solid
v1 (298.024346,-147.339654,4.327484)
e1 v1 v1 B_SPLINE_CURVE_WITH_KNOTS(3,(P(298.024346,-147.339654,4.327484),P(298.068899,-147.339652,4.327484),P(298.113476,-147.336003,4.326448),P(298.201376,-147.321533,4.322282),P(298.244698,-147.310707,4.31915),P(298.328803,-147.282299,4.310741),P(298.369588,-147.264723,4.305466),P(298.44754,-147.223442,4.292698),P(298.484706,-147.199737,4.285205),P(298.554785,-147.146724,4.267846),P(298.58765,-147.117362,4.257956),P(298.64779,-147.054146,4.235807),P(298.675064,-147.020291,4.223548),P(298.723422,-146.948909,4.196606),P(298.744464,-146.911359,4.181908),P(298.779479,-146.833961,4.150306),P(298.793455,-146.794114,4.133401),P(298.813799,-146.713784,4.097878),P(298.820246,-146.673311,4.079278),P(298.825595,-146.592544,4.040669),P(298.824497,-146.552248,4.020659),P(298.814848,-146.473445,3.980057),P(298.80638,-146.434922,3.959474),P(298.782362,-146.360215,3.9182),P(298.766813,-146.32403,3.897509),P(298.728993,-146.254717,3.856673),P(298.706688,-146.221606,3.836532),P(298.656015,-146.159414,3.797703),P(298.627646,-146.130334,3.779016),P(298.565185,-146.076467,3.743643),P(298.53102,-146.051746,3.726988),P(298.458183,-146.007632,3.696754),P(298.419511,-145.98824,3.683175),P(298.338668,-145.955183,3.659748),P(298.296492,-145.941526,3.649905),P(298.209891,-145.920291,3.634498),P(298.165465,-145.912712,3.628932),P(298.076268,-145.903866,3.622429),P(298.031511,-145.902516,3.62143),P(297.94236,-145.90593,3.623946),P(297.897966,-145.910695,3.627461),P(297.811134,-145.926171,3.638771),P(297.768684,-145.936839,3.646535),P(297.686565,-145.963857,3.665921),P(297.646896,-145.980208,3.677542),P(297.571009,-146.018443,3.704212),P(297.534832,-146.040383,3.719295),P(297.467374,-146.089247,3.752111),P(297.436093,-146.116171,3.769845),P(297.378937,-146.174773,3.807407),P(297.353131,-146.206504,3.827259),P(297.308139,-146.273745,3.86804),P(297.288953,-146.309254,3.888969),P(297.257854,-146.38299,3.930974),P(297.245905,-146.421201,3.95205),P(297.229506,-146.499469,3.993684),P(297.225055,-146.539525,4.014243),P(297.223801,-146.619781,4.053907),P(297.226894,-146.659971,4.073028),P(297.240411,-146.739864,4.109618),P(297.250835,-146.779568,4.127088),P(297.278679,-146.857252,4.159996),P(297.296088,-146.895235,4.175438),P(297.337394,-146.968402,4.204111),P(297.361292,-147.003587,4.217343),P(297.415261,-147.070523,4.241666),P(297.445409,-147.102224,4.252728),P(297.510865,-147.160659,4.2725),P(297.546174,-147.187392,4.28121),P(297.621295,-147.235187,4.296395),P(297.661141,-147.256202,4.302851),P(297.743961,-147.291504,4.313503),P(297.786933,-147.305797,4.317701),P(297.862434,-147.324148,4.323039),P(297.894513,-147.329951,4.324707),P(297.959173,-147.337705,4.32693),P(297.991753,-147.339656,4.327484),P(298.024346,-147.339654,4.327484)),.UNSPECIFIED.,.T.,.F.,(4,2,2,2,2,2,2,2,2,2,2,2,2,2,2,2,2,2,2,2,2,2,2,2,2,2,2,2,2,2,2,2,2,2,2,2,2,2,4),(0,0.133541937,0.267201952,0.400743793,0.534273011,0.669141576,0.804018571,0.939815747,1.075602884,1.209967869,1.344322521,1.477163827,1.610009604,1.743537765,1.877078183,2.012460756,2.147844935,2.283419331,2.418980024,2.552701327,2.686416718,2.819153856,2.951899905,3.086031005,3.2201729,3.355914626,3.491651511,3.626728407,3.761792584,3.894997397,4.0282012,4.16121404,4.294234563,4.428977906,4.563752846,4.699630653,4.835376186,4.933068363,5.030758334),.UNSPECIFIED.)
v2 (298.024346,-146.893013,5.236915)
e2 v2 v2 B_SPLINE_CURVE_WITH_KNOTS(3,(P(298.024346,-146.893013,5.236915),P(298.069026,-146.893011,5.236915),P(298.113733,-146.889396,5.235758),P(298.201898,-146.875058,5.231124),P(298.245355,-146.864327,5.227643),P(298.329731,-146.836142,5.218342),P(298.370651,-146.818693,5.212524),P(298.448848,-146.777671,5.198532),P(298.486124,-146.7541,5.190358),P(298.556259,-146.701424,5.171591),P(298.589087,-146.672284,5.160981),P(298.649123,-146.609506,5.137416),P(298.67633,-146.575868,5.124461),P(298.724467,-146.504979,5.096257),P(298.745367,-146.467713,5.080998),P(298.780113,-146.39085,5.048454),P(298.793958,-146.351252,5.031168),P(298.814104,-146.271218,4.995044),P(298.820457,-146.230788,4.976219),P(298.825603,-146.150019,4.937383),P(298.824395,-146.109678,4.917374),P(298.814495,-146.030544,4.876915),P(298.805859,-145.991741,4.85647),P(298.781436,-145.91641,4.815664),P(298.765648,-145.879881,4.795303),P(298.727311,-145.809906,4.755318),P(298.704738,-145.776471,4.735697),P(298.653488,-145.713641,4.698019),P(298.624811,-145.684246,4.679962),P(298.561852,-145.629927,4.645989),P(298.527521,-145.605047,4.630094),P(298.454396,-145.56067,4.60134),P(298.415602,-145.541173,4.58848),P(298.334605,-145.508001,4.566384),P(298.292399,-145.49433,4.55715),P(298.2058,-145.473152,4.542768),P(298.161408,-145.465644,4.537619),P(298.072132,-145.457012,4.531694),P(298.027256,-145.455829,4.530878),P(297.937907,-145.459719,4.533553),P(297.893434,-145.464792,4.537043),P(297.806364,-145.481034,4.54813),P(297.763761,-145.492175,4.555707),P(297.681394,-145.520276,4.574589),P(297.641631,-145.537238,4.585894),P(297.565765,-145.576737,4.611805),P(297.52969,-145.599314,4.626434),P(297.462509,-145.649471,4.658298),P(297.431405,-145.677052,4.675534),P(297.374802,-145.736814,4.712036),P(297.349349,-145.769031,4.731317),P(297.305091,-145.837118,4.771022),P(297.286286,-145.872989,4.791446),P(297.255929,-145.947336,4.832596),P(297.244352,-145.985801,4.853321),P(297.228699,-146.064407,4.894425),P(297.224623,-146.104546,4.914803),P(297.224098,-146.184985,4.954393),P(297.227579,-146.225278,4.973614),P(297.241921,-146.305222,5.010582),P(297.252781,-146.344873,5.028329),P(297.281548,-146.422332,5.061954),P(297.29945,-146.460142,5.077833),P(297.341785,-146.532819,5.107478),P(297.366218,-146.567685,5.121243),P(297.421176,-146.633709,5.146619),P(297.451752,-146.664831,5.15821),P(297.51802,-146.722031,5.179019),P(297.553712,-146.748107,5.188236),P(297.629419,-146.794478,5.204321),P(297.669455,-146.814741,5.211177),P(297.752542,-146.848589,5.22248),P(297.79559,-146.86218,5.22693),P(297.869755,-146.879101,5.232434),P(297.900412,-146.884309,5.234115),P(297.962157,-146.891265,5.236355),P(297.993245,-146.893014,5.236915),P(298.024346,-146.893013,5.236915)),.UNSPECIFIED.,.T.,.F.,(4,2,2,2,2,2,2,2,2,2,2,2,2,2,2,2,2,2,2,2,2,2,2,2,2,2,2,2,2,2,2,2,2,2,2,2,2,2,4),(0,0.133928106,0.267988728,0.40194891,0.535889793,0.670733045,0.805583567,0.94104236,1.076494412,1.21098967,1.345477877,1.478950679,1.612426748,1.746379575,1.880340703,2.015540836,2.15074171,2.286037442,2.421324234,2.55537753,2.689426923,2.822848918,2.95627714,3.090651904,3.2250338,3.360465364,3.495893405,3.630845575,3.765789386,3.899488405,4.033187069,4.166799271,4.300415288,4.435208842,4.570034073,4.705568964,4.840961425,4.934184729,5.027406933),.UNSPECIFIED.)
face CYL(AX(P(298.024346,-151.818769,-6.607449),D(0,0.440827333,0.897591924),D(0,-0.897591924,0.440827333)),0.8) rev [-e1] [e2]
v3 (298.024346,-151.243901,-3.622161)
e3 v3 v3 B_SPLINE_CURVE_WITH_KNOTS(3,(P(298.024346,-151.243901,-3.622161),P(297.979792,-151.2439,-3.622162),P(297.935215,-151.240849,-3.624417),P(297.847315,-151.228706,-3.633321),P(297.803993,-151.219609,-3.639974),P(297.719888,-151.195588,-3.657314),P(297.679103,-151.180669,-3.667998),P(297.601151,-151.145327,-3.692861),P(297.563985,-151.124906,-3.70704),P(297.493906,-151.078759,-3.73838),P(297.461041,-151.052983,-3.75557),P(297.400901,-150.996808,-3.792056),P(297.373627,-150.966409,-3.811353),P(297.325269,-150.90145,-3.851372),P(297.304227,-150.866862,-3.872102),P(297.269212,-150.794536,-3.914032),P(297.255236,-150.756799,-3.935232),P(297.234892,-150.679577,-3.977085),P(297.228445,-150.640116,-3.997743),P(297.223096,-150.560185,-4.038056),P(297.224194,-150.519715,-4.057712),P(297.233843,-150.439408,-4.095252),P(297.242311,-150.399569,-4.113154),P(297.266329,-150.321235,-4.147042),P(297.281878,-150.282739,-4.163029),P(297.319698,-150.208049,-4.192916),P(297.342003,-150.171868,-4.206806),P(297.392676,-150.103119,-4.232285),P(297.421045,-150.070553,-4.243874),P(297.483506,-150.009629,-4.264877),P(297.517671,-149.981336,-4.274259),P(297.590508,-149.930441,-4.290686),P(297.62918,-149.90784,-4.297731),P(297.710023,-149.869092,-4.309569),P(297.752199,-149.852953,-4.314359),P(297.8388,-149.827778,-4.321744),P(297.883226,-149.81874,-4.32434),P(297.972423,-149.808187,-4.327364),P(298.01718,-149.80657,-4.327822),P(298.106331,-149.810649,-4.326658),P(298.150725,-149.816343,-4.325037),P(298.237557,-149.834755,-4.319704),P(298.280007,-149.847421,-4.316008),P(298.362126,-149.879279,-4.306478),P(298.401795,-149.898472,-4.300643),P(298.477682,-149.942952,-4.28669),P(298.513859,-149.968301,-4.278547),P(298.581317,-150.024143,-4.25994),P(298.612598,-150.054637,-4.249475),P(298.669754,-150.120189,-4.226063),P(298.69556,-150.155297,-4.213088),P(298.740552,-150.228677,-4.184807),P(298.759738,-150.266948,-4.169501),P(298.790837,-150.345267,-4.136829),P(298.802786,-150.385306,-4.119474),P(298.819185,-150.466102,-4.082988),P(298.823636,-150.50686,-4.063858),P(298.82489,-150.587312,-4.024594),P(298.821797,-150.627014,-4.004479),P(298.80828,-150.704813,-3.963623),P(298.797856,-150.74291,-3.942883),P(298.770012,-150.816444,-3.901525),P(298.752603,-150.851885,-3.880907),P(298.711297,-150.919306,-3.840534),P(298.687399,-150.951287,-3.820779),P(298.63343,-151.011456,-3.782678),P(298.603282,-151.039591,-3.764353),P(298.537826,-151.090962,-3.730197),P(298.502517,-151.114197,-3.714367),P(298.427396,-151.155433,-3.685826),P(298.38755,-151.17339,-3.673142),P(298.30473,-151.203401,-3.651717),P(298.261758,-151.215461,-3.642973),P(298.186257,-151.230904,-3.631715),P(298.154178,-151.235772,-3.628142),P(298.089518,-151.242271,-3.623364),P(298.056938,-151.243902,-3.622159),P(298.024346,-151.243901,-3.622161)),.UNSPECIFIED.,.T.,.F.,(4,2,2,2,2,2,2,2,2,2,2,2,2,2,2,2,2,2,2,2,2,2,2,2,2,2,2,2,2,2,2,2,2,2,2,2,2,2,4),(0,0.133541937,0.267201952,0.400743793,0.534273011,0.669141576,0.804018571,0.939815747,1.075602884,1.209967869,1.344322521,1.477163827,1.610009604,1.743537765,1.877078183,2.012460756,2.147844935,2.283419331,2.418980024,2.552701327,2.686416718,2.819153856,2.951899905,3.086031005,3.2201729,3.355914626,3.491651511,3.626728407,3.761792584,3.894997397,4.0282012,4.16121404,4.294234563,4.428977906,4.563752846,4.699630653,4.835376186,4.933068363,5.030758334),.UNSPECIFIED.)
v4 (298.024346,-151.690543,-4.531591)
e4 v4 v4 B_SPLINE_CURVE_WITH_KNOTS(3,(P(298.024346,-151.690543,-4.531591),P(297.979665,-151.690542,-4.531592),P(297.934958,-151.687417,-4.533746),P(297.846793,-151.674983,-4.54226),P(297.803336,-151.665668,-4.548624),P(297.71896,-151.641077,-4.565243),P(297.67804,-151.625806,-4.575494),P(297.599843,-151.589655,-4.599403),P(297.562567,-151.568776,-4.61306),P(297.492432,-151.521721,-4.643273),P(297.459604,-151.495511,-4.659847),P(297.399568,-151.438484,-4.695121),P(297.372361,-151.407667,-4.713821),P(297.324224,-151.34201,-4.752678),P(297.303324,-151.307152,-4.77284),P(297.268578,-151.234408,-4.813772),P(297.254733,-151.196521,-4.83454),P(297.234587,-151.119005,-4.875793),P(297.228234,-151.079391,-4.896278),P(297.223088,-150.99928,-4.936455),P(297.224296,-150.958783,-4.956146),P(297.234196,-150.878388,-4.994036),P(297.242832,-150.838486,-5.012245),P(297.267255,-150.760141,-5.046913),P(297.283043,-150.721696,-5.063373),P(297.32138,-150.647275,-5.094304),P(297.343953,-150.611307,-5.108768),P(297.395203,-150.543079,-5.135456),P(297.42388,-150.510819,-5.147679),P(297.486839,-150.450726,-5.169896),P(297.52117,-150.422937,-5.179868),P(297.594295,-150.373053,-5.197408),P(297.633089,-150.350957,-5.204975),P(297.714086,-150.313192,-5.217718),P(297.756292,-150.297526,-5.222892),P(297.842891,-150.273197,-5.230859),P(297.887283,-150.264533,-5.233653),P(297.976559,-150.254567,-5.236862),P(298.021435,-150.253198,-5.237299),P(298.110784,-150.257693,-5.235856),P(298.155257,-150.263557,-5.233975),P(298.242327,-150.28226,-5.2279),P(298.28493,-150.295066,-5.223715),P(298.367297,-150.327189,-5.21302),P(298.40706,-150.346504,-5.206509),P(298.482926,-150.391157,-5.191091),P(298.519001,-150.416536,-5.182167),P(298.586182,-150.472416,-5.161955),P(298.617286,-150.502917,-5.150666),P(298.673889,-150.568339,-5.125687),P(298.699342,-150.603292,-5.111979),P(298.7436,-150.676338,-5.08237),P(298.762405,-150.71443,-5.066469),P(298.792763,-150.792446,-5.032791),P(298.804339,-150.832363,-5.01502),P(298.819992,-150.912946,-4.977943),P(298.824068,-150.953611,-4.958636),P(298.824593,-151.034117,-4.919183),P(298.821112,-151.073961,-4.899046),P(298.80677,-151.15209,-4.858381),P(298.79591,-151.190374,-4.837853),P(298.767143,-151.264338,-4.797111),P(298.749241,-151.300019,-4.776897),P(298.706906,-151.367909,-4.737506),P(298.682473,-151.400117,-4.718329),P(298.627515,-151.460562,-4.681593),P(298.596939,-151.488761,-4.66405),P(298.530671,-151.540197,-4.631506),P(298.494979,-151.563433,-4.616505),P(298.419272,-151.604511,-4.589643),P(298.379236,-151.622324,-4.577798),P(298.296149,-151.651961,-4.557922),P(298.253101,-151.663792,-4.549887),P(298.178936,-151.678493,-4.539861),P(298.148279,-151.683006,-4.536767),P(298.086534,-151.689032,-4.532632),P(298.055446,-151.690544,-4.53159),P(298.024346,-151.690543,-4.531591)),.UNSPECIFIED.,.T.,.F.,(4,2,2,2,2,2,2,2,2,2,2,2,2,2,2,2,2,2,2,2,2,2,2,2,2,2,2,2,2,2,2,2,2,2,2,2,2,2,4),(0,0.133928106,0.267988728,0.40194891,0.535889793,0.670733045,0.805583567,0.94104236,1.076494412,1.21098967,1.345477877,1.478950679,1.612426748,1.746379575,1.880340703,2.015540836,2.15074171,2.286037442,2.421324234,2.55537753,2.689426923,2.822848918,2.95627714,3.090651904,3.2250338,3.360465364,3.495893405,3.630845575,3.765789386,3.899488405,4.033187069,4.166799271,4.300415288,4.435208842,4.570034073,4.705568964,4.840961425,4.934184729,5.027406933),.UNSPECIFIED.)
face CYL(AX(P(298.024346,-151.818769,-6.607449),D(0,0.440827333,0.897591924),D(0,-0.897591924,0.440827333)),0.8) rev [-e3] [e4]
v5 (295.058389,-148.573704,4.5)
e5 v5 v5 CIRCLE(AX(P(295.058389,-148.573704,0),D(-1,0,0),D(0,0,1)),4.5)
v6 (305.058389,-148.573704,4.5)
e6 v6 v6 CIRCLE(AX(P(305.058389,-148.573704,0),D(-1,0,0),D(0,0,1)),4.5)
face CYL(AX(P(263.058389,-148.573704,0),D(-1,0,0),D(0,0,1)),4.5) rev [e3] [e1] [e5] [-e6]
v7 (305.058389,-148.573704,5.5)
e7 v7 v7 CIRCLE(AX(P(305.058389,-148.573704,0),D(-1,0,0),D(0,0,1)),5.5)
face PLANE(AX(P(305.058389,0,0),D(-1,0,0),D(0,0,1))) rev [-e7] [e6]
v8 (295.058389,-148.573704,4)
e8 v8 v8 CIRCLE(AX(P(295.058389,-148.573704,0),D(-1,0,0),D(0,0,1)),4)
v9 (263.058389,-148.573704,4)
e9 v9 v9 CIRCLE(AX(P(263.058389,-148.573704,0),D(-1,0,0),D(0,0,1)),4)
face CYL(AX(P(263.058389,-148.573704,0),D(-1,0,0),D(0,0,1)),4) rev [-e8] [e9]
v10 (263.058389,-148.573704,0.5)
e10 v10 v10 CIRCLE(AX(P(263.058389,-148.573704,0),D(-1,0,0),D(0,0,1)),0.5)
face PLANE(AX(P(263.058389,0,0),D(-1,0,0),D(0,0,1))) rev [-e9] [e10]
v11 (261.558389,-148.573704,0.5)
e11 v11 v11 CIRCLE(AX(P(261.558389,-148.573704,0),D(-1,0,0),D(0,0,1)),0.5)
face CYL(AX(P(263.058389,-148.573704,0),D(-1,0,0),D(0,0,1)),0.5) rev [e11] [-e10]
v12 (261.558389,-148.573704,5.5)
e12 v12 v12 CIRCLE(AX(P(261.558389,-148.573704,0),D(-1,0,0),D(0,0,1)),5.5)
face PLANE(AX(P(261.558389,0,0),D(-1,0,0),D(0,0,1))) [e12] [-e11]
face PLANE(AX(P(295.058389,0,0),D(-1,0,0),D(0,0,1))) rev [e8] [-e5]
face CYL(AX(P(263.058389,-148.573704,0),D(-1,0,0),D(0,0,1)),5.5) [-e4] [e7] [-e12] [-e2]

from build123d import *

# Parameters (mm, degrees)
SKETCH4_R          = 0.8
CUT_EXTRUDE1_DEPTH = 336.963729195


with BuildPart() as part:
    # Sketch3 → Revolve19 (revolve)
    with BuildSketch(Plane.XY):
        Polygon((295.058388758, -144.573704322), (295.058388758, -144.073704322), (305.058388758, -144.073704322), (305.058388758, -143.073704322), (261.558388758, -143.073704322), (261.558388758, -144.323704322), (261.558388758, -148.073704322), (263.058388758, -148.073704322), (263.058388758, -144.573704322), align=None)
    revolve(axis=Axis((263.058388758, -148.573704322, 0), (1, 0, 0)))

    # Sketch4 → Cut-Extrude1 (cut, through all)
    with BuildSketch(Plane(origin=(0, -26.447590039, -53.851341485), x_dir=(1, 0, 0), z_dir=(0, 0.4408273328513724, 0.8975919243237127))):
        with Locations((298.024345503, -133.358557166)):
            Circle(SKETCH4_R)
    extrude(amount=-CUT_EXTRUDE1_DEPTH, mode=Mode.SUBTRACT)


solid = part.part
